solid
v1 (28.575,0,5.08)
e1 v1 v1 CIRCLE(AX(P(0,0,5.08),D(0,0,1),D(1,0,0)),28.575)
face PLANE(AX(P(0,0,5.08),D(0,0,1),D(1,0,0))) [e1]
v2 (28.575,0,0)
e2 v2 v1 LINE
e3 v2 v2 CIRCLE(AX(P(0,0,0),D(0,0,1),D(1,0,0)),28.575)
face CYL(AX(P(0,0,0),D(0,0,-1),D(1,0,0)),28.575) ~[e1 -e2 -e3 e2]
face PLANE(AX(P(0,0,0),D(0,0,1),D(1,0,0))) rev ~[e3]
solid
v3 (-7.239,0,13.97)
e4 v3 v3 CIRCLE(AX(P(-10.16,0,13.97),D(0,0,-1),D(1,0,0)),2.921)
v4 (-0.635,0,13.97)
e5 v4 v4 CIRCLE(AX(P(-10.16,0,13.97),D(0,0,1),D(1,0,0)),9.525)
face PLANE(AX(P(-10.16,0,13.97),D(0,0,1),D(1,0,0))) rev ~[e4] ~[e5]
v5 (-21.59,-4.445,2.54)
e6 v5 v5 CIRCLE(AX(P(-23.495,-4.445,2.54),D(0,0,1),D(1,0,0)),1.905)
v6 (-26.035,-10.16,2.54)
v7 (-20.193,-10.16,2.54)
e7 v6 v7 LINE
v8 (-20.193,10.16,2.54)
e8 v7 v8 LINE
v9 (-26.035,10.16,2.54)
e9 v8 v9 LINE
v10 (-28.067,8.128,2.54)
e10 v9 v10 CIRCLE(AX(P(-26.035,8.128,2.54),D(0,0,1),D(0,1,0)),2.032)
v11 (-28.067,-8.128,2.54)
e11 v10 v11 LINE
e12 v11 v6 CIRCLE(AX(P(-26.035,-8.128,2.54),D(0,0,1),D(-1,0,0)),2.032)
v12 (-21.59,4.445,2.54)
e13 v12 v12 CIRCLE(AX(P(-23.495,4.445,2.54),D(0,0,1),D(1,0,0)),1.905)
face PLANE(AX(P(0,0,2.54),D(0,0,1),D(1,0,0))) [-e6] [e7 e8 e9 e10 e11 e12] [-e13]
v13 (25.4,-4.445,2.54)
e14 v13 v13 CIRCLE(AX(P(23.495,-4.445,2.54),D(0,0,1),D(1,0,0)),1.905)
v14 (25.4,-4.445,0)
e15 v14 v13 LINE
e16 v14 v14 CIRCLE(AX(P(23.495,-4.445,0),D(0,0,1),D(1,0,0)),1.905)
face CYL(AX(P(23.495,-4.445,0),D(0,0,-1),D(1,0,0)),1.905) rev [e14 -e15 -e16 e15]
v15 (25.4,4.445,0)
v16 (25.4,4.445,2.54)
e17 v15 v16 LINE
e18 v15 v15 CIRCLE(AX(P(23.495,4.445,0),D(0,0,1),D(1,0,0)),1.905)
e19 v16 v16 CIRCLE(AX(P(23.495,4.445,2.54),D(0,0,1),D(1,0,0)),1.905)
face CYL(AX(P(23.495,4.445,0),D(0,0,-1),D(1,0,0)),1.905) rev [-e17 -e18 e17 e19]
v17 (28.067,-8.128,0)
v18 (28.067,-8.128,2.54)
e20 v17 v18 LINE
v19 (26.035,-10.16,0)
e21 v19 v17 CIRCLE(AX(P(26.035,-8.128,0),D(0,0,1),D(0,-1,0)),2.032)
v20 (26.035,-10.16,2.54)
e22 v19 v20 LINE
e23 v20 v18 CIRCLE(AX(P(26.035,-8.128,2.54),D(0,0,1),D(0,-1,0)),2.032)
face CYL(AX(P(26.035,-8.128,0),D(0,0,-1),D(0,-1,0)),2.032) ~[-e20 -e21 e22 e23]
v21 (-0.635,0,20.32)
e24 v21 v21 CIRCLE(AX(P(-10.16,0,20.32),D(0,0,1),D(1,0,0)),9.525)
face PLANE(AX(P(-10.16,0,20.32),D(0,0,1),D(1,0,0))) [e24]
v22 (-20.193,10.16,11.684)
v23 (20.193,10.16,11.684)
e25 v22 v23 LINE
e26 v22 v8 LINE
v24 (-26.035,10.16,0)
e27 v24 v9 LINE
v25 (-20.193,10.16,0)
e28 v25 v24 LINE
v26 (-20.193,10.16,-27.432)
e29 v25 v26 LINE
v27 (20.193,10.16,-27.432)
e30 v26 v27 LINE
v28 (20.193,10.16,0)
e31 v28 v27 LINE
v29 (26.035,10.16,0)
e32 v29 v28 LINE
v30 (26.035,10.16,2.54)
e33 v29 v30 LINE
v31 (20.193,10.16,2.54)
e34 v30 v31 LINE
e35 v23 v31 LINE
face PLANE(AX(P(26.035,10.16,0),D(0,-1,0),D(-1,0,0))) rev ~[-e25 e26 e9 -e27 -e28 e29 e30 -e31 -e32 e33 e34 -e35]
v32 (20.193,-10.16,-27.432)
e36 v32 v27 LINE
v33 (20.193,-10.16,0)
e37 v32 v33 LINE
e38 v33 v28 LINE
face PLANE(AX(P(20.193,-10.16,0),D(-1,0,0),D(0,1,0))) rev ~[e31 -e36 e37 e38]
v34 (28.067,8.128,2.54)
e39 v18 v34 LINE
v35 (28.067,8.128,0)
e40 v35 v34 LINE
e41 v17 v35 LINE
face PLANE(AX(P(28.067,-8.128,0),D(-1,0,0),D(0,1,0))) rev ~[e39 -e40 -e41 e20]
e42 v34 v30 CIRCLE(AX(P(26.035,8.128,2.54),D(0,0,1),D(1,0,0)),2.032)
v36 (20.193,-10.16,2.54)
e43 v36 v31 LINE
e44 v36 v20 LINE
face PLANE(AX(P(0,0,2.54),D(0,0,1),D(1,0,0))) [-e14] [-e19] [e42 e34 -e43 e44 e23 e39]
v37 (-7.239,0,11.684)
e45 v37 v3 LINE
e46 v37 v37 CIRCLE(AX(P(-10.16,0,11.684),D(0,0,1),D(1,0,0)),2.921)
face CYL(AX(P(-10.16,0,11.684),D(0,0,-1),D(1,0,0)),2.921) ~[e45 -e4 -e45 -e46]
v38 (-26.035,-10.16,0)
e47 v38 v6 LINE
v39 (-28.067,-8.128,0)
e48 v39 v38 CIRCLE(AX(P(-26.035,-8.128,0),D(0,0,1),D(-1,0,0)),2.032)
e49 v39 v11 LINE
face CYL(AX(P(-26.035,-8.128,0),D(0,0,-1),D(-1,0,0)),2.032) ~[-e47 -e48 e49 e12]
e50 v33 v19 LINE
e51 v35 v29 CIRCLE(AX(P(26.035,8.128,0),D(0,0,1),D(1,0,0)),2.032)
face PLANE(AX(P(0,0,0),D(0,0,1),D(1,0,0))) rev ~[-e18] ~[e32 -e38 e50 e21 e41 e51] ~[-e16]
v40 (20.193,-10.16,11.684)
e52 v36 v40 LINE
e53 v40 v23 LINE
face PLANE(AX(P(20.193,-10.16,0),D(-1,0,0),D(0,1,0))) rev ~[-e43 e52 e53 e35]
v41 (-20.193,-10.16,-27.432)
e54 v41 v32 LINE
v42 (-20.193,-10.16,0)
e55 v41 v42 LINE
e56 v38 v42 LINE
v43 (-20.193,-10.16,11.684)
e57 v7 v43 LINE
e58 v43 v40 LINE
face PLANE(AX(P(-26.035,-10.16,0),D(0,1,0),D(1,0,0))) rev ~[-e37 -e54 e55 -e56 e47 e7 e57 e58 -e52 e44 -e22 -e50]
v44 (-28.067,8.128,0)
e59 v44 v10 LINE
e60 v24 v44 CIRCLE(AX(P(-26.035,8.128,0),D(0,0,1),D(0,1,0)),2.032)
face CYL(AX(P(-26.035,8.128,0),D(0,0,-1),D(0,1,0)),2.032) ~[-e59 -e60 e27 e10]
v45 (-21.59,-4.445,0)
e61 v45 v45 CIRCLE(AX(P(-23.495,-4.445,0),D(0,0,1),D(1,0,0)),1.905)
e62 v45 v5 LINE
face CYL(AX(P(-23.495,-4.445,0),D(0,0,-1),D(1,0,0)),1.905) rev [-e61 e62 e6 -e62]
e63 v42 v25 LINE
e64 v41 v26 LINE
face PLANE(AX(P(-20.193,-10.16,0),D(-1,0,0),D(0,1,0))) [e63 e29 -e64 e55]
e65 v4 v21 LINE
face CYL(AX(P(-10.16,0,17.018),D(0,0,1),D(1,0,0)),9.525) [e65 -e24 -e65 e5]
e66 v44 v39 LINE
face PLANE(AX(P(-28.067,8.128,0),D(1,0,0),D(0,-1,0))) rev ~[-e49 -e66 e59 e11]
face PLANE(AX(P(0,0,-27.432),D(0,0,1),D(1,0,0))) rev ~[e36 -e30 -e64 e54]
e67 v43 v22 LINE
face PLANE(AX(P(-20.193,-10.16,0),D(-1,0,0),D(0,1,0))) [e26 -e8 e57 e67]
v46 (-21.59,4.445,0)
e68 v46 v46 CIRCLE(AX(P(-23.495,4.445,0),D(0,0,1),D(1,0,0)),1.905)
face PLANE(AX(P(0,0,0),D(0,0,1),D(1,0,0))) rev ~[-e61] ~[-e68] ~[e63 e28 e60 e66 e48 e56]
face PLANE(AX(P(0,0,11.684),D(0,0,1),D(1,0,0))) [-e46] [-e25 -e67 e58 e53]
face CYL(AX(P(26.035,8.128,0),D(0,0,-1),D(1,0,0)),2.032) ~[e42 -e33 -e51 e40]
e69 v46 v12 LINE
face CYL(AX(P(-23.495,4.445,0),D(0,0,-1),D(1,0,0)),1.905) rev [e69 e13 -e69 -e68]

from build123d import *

# Parameters (mm, degrees)
F0_W          = 40.386
F0_H          = 20.32
F1_DEPTH      = 27.432
F1_DEPTH_BACK = 11.684
F2_R          = 1.905
F3_DEPTH      = 2.54
F4_R          = 2.921
F5_DEPTH      = 5.334
F6_R          = 9.525
F7_DEPTH      = 3.302
F7_DEPTH_BACK = 3.048
F8_R          = 28.575
F9_DEPTH      = 5.08


with BuildPart() as f1:
    # F0 (on Top) → F1 (new body, two sides)
    with BuildSketch(Plane.XY) as f1_sk:
        Rectangle(F0_W, F0_H)
    extrude(amount=-F1_DEPTH)
    extrude(f1_sk.sketch, amount=F1_DEPTH_BACK)

    # F2 (on Top) → F3 (join)
    with BuildSketch(Plane.XY):
        with BuildLine():
            Line((26.035, 10.16), (-26.035, 10.16))
            ThreePointArc((-26.035, 10.16), (-27.4718409794, 9.5648409794), (-28.067, 8.128))
            Line((-28.067, 8.128), (-28.067, -8.128))
            ThreePointArc((-28.067, -8.128), (-27.4718409794, -9.5648409794), (-26.035, -10.16))
            Line((-26.035, -10.16), (26.035, -10.16))
            ThreePointArc((26.035, -10.16), (27.4718409794, -9.5648409794), (28.067, -8.128))
            Line((28.067, -8.128), (28.067, 8.128))
            ThreePointArc((28.067, 8.128), (27.4718409794, 9.5648409794), (26.035, 10.16))
        make_face()
        with Locations((-23.495, -4.445)):
            Circle(F2_R, mode=Mode.SUBTRACT)
        with Locations((23.495, -4.445)):
            Circle(F2_R, mode=Mode.SUBTRACT)
        with Locations((-23.495, 4.445)):
            Circle(F2_R, mode=Mode.SUBTRACT)
        with Locations((23.495, 4.445)):
            Circle(F2_R, mode=Mode.SUBTRACT)
    extrude(amount=F3_DEPTH)

    # F4 (on face) → F5 (join)
    with BuildSketch(Plane.XY.offset(11.684)):
        with Locations((-10.16, 0)):
            Circle(F4_R)
    extrude(amount=F5_DEPTH)

    # F6 (on face) → F7 (join, two sides)
    with BuildSketch(Plane.XY.offset(17.018)) as f7_sk:
        with Locations((-10.16, 0)):
            Circle(F6_R)
    extrude(amount=F7_DEPTH)
    extrude(f7_sk.sketch, amount=-F7_DEPTH_BACK)


with BuildPart() as f9:
    # F8 (on Top) → F9 (new body)
    with BuildSketch(Plane.XY):
        Circle(F8_R)
    extrude(amount=F9_DEPTH)


solid = Compound([f1.part, f9.part])
